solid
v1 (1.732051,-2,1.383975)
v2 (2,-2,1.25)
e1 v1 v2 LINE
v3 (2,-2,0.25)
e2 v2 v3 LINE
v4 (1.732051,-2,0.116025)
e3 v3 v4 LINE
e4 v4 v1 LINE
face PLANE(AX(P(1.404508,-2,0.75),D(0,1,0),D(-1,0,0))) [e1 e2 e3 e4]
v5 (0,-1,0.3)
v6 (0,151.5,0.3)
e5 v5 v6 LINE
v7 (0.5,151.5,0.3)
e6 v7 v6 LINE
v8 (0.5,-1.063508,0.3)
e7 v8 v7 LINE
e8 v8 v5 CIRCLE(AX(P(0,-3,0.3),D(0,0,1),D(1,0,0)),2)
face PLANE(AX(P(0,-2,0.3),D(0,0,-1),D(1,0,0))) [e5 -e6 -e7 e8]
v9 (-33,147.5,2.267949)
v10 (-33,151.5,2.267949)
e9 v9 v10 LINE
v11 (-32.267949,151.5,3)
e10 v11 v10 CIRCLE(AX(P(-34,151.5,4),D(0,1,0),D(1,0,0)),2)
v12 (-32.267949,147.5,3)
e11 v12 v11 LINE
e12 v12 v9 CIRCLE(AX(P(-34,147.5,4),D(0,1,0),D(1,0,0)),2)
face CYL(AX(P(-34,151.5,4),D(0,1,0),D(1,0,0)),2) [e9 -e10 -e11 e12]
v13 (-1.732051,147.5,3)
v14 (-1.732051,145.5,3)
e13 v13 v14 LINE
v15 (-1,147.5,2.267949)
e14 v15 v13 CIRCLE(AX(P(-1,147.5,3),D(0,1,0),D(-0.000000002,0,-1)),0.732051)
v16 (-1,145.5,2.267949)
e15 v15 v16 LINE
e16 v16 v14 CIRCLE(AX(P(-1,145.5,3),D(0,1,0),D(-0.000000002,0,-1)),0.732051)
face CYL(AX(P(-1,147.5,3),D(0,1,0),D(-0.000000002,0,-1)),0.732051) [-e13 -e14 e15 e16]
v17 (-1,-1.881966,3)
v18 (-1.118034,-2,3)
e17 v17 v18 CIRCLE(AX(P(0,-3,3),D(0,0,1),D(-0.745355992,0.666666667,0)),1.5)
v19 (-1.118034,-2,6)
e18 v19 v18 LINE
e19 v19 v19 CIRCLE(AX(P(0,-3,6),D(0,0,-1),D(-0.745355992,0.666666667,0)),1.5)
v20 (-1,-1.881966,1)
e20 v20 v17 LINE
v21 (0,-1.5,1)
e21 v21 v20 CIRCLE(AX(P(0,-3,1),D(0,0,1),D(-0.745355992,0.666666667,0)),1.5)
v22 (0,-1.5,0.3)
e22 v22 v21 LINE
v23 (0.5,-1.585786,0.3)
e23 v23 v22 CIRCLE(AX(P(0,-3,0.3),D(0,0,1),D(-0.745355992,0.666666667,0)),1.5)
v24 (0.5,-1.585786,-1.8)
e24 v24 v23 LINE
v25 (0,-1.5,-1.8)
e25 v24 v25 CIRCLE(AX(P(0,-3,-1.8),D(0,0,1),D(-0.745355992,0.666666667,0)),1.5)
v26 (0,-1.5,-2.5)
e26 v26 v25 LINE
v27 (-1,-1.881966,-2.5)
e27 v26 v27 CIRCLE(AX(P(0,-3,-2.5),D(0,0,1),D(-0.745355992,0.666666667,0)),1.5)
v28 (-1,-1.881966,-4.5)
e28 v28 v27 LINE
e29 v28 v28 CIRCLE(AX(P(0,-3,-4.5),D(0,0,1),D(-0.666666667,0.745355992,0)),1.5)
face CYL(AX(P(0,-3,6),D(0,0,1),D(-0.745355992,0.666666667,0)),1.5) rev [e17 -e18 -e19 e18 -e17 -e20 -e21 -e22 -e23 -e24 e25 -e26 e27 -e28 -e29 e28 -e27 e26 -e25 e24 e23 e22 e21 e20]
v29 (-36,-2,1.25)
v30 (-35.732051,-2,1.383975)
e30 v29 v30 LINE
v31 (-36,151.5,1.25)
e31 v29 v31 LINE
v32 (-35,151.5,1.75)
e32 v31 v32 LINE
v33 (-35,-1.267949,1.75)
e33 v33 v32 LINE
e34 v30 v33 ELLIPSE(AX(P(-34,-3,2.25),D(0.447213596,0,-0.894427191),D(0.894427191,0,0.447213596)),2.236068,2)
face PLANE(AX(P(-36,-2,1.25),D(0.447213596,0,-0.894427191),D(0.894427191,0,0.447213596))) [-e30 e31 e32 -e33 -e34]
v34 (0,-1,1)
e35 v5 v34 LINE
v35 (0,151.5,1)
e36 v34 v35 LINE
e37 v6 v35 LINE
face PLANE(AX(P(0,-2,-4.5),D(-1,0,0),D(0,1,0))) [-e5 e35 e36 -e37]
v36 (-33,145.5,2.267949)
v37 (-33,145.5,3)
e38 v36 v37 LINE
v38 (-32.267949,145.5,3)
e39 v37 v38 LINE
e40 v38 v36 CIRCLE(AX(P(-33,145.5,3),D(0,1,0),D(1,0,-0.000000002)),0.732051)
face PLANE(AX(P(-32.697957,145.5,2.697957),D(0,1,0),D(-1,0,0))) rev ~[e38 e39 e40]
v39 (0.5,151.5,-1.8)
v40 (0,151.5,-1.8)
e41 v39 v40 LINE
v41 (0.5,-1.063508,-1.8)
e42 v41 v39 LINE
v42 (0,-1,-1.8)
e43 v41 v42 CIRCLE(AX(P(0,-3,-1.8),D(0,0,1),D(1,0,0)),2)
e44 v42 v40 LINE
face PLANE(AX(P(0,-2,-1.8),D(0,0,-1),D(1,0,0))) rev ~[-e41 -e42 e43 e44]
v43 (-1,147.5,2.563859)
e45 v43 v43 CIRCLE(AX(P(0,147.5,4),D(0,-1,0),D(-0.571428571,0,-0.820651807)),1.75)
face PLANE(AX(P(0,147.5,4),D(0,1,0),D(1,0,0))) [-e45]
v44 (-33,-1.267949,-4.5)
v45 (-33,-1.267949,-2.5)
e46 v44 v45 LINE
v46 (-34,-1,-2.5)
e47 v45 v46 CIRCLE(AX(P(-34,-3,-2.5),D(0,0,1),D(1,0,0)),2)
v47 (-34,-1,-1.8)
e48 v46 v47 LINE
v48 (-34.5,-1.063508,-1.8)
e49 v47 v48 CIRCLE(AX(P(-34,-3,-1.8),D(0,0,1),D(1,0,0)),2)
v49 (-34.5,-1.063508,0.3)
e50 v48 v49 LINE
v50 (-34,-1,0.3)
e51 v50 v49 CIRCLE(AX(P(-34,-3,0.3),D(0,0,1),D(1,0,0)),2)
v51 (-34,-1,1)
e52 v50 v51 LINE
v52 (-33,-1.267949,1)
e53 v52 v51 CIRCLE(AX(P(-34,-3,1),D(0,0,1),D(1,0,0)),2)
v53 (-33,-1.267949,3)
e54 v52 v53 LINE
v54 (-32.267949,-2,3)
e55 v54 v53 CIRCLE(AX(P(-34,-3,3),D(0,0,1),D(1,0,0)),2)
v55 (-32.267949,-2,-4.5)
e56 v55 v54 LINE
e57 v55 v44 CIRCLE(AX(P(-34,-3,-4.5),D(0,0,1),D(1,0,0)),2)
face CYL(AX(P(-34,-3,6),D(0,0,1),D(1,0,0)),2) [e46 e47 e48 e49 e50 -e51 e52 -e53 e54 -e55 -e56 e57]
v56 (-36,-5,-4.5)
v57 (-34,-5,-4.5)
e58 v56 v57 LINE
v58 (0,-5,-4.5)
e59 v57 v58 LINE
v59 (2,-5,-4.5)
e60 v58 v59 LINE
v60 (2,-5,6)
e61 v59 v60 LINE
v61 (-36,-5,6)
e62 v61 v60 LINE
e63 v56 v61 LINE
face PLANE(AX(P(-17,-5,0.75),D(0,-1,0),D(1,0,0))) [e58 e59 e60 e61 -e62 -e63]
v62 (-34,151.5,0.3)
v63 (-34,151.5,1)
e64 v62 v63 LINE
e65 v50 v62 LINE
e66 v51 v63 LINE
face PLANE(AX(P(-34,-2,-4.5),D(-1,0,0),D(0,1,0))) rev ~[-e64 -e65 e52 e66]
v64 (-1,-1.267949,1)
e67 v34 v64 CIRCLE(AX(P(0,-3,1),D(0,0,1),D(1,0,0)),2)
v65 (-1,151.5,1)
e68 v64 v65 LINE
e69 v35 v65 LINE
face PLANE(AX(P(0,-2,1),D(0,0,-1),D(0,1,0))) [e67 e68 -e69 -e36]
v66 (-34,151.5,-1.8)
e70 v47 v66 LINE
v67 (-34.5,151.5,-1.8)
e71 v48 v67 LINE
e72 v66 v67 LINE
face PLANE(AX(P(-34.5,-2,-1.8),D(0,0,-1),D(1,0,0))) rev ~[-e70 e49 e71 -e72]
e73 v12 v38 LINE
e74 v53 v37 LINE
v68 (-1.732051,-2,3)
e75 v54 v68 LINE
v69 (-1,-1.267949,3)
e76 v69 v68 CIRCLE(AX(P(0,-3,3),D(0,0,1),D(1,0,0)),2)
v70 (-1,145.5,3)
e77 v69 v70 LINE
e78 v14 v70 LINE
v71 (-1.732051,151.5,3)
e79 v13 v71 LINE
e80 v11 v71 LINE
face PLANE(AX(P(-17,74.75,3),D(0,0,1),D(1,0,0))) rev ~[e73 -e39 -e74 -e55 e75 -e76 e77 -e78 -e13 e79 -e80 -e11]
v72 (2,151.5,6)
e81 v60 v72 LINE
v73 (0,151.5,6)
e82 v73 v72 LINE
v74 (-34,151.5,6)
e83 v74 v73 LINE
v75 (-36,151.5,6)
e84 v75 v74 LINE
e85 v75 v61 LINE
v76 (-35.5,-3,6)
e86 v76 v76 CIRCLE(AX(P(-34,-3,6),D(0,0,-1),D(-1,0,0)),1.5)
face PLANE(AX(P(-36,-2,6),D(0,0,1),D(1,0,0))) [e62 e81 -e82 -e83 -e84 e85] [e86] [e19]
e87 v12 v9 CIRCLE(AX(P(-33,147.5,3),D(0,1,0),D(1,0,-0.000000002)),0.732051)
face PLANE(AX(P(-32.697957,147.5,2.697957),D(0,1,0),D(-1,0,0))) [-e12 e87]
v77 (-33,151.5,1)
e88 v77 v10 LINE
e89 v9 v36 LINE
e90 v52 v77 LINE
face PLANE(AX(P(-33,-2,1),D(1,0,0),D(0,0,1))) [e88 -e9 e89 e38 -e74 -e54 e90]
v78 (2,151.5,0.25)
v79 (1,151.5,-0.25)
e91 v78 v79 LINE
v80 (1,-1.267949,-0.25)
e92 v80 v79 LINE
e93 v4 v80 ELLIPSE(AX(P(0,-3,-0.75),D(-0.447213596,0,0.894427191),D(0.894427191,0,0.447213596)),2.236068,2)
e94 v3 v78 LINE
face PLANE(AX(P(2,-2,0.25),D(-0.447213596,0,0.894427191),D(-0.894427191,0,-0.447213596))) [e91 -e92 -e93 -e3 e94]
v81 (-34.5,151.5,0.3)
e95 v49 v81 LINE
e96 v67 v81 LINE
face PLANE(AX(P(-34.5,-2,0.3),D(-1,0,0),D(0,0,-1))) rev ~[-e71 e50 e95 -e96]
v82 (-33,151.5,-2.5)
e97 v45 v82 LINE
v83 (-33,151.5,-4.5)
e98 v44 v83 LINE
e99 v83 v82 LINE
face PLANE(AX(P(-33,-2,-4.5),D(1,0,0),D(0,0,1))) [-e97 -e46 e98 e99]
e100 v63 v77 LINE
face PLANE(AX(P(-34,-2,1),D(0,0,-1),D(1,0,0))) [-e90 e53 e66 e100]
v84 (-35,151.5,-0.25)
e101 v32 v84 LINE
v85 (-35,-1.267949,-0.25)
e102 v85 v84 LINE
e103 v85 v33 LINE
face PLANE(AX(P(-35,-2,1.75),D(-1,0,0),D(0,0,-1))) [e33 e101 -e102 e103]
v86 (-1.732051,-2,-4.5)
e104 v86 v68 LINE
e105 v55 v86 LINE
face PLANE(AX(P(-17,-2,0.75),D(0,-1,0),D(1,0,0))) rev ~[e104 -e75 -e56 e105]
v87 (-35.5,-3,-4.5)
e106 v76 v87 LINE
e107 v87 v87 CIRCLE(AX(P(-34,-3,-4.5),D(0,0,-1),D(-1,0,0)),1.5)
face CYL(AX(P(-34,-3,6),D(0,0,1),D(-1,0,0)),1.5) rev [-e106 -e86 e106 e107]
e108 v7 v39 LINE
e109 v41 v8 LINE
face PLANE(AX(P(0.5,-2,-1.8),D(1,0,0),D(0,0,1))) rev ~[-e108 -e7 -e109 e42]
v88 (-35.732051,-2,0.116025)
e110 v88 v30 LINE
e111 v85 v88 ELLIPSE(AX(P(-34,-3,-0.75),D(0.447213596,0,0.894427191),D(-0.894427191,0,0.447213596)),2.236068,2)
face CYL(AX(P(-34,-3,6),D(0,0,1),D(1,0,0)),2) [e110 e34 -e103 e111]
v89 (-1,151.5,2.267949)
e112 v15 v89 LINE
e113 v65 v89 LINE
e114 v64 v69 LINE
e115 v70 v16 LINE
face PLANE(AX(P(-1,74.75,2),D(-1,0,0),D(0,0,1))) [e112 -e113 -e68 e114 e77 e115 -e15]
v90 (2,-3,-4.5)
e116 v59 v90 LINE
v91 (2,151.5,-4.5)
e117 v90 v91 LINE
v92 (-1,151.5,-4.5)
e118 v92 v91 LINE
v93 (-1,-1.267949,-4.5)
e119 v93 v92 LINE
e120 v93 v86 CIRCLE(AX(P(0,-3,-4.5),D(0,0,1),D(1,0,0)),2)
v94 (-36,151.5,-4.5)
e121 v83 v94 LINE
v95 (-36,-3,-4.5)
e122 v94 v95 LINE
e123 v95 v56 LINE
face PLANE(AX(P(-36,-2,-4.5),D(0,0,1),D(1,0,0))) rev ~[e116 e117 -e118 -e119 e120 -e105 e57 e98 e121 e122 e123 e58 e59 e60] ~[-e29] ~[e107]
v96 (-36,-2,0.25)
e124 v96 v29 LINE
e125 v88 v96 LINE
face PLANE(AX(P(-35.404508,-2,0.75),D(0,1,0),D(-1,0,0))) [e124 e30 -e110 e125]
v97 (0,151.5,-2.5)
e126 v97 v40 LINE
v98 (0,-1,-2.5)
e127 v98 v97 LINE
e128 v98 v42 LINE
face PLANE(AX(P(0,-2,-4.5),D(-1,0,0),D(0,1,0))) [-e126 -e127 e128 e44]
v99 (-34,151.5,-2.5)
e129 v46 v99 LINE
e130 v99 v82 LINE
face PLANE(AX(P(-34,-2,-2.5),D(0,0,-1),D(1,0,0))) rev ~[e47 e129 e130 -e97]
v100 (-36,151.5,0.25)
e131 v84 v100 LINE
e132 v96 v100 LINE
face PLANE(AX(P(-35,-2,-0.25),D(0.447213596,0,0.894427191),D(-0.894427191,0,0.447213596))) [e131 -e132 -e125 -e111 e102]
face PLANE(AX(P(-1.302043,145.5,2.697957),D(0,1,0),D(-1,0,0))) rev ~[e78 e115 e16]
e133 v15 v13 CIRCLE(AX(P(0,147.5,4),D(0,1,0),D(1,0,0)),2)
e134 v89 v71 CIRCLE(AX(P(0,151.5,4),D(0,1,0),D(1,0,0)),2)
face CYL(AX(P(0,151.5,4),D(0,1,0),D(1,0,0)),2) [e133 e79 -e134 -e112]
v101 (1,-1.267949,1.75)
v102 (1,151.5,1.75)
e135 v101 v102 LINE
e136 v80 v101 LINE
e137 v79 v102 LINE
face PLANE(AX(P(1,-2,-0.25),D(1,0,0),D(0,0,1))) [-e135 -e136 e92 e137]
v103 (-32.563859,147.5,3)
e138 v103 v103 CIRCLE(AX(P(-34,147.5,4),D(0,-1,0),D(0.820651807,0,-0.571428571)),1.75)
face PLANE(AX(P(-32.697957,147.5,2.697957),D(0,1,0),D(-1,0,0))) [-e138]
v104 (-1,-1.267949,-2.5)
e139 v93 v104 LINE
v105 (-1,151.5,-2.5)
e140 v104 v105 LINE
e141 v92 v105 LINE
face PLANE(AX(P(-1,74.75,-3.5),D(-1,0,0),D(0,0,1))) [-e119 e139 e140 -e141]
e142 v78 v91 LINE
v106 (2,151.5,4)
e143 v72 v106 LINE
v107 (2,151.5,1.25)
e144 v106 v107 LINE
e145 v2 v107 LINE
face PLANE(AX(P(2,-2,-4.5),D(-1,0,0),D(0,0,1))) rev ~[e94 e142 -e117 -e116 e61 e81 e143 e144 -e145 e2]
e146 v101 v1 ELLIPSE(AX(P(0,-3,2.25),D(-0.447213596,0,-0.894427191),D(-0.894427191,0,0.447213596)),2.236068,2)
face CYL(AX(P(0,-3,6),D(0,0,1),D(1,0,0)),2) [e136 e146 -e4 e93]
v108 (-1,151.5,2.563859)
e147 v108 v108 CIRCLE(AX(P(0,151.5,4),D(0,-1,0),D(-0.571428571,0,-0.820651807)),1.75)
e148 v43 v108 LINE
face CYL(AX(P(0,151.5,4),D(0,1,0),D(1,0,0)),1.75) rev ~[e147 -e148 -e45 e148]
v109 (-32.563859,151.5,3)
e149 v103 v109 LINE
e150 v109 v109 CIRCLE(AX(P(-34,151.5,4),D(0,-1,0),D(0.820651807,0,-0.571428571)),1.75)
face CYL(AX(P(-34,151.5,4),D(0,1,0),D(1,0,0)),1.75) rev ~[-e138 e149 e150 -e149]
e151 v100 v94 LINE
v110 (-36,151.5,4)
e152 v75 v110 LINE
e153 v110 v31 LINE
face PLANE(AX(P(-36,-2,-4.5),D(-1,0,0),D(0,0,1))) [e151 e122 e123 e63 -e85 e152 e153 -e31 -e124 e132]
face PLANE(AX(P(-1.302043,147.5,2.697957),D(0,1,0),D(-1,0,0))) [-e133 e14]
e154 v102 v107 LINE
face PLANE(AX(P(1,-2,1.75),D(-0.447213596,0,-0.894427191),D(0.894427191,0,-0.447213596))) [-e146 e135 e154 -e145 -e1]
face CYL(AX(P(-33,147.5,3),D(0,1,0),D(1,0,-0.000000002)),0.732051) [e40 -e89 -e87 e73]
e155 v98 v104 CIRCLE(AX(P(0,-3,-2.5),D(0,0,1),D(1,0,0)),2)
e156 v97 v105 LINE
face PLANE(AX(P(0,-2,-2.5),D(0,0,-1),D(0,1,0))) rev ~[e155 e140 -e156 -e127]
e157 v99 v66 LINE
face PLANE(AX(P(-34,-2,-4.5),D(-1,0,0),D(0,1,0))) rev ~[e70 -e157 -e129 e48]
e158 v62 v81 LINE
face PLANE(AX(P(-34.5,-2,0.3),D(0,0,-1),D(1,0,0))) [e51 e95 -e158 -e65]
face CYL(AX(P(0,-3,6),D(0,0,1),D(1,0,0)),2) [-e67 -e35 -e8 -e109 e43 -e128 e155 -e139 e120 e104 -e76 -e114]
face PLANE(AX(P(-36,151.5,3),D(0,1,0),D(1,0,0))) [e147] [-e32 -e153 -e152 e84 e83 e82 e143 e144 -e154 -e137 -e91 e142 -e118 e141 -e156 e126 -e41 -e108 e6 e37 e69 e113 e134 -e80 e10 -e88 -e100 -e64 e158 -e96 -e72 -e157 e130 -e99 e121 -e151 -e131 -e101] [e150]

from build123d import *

# Parameters (mm, degrees)
P_IDAT_VYSUNUT_M2_DEPTH        = 3
P_IDAT_VYSUNUT_M2_DEPTH_BACK   = 4.5
SKICA1_W                       = 2
SKICA1_H                       = 153.5
P_IDAT_VYSUNUT_M2_2_DEPTH      = 3
P_IDAT_VYSUNUT_M2_2_DEPTH_BACK = 4.5
SKICA3_W                       = 2
SKICA3_H                       = 153.5
P_IDAT_VYSUNUT_M3_DEPTH        = 1
SKICA5_W                       = 0.5
SKICA5_H                       = 0.3
SKICA5_H_2                     = 1.5
ODEBRAT_VYSUNUT_M2_DEPTH       = 158.729198312
SKICA6_W                       = 1
SKICA6_H                       = 2
P_IDAT_VYSUNUT_M4_DEPTH        = 153.5
SKICA7_W                       = 38
SKICA7_H                       = 153.5
P_IDAT_VYSUNUT_M5_DEPTH        = 3
SKICA8_W                       = 38
SKICA8_H                       = 10.5
P_IDAT_VYSUNUT_M6_DEPTH        = 3
SKICA4_W                       = 0.5
SKICA4_H                       = 0.3
SKICA4_H_2                     = 1.5
ODEBRAT_VYSUNUT_M3_DEPTH       = 158.779117756
ODEBRAT_VYSUNUT_M6_DEPTH       = 153.5
ODEBRAT_START                  = -10.5
SKICA14_R                      = 1.5
ODEBRAT_VYSUNUT_M9_DEPTH       = 10.5
SKICA22_R                      = 2
SKICA22_R_2                    = 1.5
P_IDAT_VYSUNUT_M12_DEPTH       = 10.5
P_IDAT_START                   = -7.5
SKICA15_R                      = 2
SKICA15_R_2                    = 1.75
P_IDAT_VYSUNUT_M7_DEPTH        = 7.5
SKICA16_R                      = 1.75
ODEBRAT_VYSUNUT_M10_DEPTH      = 4
SKICA17_R                      = 2
SKICA17_R_2                    = 1.75
P_IDAT_VYSUNUT_M10_DEPTH       = 4
P_IDAT_VYSUNUT_M11_DEPTH       = 2


with BuildPart() as part:
    # Skica1 → Přidat vysunutím2 (new, two sides: drawn at the far end of the back side and taken through both)
    with BuildSketch(Plane.XY.offset(-P_IDAT_VYSUNUT_M2_DEPTH_BACK)):
        with Locations((1, 74.75)):
            Rectangle(SKICA1_W, SKICA1_H)
    extrude(amount=P_IDAT_VYSUNUT_M2_DEPTH + P_IDAT_VYSUNUT_M2_DEPTH_BACK)

    # Skica3 → Přidat vysunutím3 (add)
    with BuildSketch(Plane.ZY):
        with Locations((-3.5, 74.75)):
            Rectangle(SKICA3_W, SKICA3_H)
        with Locations((2, 74.75)):
            Rectangle(SKICA3_W, SKICA3_H)
    extrude(amount=P_IDAT_VYSUNUT_M3_DEPTH)



with BuildPart() as body_2:
    # Skica1 → P_idat vysunut_m2 2 (new, two sides: drawn at the far end of the back side and taken through both)
    with BuildSketch(Plane.XY.offset(-P_IDAT_VYSUNUT_M2_2_DEPTH_BACK)):
        with Locations((-35, 74.75)):
            Rectangle(SKICA1_W, SKICA1_H)
    extrude(amount=P_IDAT_VYSUNUT_M2_2_DEPTH + P_IDAT_VYSUNUT_M2_2_DEPTH_BACK)

    # Skica5 → Odebrat vysunutím2 (cut, through all)
    with BuildSketch(Plane.XZ.offset(2)):
        with Locations((-34.25, -1.65)):
            Rectangle(SKICA5_W, SKICA5_H)
        with Locations((-34.25, -0.75)):
            Rectangle(SKICA5_W, SKICA5_H_2)
        with Locations((-34.25, 0.15)):
            Rectangle(SKICA5_W, SKICA5_H)
    extrude(amount=-ODEBRAT_VYSUNUT_M2_DEPTH, mode=Mode.SUBTRACT)

    # Skica6 → Přidat vysunutím4 (add, through all)
    with BuildSketch(Plane.XZ.offset(2)):
        with Locations((-33.5, 2)):
            Rectangle(SKICA6_W, SKICA6_H)
        with Locations((-33.5, -3.5)):
            Rectangle(SKICA6_W, SKICA6_H)
    extrude(amount=-P_IDAT_VYSUNUT_M4_DEPTH)


with BuildPart() as part_1:
    add(part.part)

    add(body_2.part)  # Přidat vysunutím5 merges body 2
    # Skica7 → Přidat vysunutím5 (add)
    with BuildSketch(Plane.XY.offset(3)):
        with Locations((-17, 74.75)):
            Rectangle(SKICA7_W, SKICA7_H)
    extrude(amount=P_IDAT_VYSUNUT_M5_DEPTH)

    # Skica8 → Přidat vysunutím6 (add)
    with BuildSketch(Plane.XZ.offset(2)):
        with Locations((-17, 0.75)):
            Rectangle(SKICA8_W, SKICA8_H)
    extrude(amount=P_IDAT_VYSUNUT_M6_DEPTH)

    # Skica4 → Odebrat vysunutím3 (cut, through all)
    with BuildSketch(Plane.XZ.offset(2)):
        with Locations((0.25, 0.15)):
            Rectangle(SKICA4_W, SKICA4_H)
        with Locations((0.25, -0.75)):
            Rectangle(SKICA4_W, SKICA4_H_2)
        with Locations((0.25, -1.65)):
            Rectangle(SKICA4_W, SKICA4_H)
    extrude(amount=-ODEBRAT_VYSUNUT_M3_DEPTH, mode=Mode.SUBTRACT)

    # Skica11 → Odebrat vysunutím6 (cut)
    with BuildSketch(Plane(origin=(-33, -2, 3), x_dir=(1, 0, 0), z_dir=(0, -1, 0))):
        Polygon((-2, -1.25), (-2, -3.25), (-3, -2.75), (-3, -1.75), align=None)
        Polygon((34, -1.25), (35, -1.75), (35, -2.75), (34, -3.25), align=None)
    extrude(amount=-ODEBRAT_VYSUNUT_M6_DEPTH, mode=Mode.SUBTRACT)

    # Skica14 → Odebrat vysunutím9 (cut)
    with BuildSketch(Plane(origin=(0, 0, -4.5), x_dir=(-1, 0, 0), z_dir=(0, 0, -1)).offset(ODEBRAT_START)):
        with Locations((34, -3)):
            Circle(SKICA14_R)
        with Locations(Location((0, -3, 0), (0, 0, 41.810314896))):
            Circle(SKICA14_R)
    extrude(amount=ODEBRAT_VYSUNUT_M9_DEPTH, mode=Mode.SUBTRACT)

    # Skica22 → Přidat vysunutím12 (add)
    # profile 1 of 2: a face of its own
    with BuildSketch(Plane.XY.offset(6)):
        with Locations((-34, -3)):
            Circle(SKICA22_R)
        with Locations(Location((-34, -3, 0), (0, 0, 180))):
            Circle(SKICA22_R_2, mode=Mode.SUBTRACT)
    # profile 2 of 2: a face of its own
    with BuildSketch(Plane.XY.offset(6)):
        with Locations((0, -3)):
            Circle(SKICA22_R)
        with Locations((0, -3)):
            Circle(SKICA22_R_2, mode=Mode.SUBTRACT)
    extrude(amount=-P_IDAT_VYSUNUT_M12_DEPTH)

    # Skica15 → Přidat vysunutím7 (add)
    # profile 1 of 2: a face of its own
    with BuildSketch(Plane(origin=(0, 0, -4.5), x_dir=(-1, 0, 0), z_dir=(0, 0, -1)).offset(P_IDAT_START)):
        with Locations((34, -3)):
            Circle(SKICA15_R)
        with Locations((34, -3)):
            Circle(SKICA15_R_2, mode=Mode.SUBTRACT)
    # profile 2 of 2: a face of its own
    with BuildSketch(Plane(origin=(0, 0, -4.5), x_dir=(-1, 0, 0), z_dir=(0, 0, -1)).offset(P_IDAT_START)):
        with Locations((0, -3)):
            Circle(SKICA15_R)
        with Locations((0, -3)):
            Circle(SKICA15_R_2, mode=Mode.SUBTRACT)
    extrude(amount=P_IDAT_VYSUNUT_M7_DEPTH)

    # Skica16 → Odebrat vysunutím10 (cut)
    with BuildSketch(Plane(origin=(0, 151.5, 0), x_dir=(1, 0, 0), z_dir=(0, 1, 0))):
        with Locations((0, -4)):
            Circle(SKICA16_R)
        with Locations((-34, -4)):
            Circle(SKICA16_R)
    extrude(amount=-ODEBRAT_VYSUNUT_M10_DEPTH, mode=Mode.SUBTRACT)

    # Skica17 → Přidat vysunutím10 (add)
    # profile 1 of 2: a face of its own
    with BuildSketch(Plane(origin=(0, 151.5, 0), x_dir=(1, 0, 0), z_dir=(0, 1, 0))):
        with Locations((0, -4)):
            Circle(SKICA17_R)
        with Locations(Location((0, -4, 0), (0, 0, 270))):
            Circle(SKICA17_R_2, mode=Mode.SUBTRACT)
    # profile 2 of 2: a face of its own
    with BuildSketch(Plane(origin=(0, 151.5, 0), x_dir=(1, 0, 0), z_dir=(0, 1, 0))):
        with Locations((-34, -4)):
            Circle(SKICA17_R)
        with Locations(Location((-34, -4, 0), (0, 0, 34.849904579))):
            Circle(SKICA17_R_2, mode=Mode.SUBTRACT)
    extrude(amount=-P_IDAT_VYSUNUT_M10_DEPTH)

    # Skica18 → Přidat vysunutím11 (add)
    with BuildSketch(Plane.XZ.offset(-147.5)):
        with BuildLine():
            Line((-33, 2.267949192), (-33, 3))
            Line((-33, 3), (-32.267949192, 3))
            ThreePointArc((-32.267949192, 3), (-32.48236191, 2.48236191), (-33, 2.267949192))
        make_face()
        with BuildLine():
            Line((-1.732050808, 3), (-1, 3))
            Line((-1, 3), (-1, 2.267949192))
            ThreePointArc((-1, 2.267949192), (-1.51763809, 2.48236191), (-1.732050808, 3))
        make_face()
    extrude(amount=P_IDAT_VYSUNUT_M11_DEPTH)


solid = part_1.part
